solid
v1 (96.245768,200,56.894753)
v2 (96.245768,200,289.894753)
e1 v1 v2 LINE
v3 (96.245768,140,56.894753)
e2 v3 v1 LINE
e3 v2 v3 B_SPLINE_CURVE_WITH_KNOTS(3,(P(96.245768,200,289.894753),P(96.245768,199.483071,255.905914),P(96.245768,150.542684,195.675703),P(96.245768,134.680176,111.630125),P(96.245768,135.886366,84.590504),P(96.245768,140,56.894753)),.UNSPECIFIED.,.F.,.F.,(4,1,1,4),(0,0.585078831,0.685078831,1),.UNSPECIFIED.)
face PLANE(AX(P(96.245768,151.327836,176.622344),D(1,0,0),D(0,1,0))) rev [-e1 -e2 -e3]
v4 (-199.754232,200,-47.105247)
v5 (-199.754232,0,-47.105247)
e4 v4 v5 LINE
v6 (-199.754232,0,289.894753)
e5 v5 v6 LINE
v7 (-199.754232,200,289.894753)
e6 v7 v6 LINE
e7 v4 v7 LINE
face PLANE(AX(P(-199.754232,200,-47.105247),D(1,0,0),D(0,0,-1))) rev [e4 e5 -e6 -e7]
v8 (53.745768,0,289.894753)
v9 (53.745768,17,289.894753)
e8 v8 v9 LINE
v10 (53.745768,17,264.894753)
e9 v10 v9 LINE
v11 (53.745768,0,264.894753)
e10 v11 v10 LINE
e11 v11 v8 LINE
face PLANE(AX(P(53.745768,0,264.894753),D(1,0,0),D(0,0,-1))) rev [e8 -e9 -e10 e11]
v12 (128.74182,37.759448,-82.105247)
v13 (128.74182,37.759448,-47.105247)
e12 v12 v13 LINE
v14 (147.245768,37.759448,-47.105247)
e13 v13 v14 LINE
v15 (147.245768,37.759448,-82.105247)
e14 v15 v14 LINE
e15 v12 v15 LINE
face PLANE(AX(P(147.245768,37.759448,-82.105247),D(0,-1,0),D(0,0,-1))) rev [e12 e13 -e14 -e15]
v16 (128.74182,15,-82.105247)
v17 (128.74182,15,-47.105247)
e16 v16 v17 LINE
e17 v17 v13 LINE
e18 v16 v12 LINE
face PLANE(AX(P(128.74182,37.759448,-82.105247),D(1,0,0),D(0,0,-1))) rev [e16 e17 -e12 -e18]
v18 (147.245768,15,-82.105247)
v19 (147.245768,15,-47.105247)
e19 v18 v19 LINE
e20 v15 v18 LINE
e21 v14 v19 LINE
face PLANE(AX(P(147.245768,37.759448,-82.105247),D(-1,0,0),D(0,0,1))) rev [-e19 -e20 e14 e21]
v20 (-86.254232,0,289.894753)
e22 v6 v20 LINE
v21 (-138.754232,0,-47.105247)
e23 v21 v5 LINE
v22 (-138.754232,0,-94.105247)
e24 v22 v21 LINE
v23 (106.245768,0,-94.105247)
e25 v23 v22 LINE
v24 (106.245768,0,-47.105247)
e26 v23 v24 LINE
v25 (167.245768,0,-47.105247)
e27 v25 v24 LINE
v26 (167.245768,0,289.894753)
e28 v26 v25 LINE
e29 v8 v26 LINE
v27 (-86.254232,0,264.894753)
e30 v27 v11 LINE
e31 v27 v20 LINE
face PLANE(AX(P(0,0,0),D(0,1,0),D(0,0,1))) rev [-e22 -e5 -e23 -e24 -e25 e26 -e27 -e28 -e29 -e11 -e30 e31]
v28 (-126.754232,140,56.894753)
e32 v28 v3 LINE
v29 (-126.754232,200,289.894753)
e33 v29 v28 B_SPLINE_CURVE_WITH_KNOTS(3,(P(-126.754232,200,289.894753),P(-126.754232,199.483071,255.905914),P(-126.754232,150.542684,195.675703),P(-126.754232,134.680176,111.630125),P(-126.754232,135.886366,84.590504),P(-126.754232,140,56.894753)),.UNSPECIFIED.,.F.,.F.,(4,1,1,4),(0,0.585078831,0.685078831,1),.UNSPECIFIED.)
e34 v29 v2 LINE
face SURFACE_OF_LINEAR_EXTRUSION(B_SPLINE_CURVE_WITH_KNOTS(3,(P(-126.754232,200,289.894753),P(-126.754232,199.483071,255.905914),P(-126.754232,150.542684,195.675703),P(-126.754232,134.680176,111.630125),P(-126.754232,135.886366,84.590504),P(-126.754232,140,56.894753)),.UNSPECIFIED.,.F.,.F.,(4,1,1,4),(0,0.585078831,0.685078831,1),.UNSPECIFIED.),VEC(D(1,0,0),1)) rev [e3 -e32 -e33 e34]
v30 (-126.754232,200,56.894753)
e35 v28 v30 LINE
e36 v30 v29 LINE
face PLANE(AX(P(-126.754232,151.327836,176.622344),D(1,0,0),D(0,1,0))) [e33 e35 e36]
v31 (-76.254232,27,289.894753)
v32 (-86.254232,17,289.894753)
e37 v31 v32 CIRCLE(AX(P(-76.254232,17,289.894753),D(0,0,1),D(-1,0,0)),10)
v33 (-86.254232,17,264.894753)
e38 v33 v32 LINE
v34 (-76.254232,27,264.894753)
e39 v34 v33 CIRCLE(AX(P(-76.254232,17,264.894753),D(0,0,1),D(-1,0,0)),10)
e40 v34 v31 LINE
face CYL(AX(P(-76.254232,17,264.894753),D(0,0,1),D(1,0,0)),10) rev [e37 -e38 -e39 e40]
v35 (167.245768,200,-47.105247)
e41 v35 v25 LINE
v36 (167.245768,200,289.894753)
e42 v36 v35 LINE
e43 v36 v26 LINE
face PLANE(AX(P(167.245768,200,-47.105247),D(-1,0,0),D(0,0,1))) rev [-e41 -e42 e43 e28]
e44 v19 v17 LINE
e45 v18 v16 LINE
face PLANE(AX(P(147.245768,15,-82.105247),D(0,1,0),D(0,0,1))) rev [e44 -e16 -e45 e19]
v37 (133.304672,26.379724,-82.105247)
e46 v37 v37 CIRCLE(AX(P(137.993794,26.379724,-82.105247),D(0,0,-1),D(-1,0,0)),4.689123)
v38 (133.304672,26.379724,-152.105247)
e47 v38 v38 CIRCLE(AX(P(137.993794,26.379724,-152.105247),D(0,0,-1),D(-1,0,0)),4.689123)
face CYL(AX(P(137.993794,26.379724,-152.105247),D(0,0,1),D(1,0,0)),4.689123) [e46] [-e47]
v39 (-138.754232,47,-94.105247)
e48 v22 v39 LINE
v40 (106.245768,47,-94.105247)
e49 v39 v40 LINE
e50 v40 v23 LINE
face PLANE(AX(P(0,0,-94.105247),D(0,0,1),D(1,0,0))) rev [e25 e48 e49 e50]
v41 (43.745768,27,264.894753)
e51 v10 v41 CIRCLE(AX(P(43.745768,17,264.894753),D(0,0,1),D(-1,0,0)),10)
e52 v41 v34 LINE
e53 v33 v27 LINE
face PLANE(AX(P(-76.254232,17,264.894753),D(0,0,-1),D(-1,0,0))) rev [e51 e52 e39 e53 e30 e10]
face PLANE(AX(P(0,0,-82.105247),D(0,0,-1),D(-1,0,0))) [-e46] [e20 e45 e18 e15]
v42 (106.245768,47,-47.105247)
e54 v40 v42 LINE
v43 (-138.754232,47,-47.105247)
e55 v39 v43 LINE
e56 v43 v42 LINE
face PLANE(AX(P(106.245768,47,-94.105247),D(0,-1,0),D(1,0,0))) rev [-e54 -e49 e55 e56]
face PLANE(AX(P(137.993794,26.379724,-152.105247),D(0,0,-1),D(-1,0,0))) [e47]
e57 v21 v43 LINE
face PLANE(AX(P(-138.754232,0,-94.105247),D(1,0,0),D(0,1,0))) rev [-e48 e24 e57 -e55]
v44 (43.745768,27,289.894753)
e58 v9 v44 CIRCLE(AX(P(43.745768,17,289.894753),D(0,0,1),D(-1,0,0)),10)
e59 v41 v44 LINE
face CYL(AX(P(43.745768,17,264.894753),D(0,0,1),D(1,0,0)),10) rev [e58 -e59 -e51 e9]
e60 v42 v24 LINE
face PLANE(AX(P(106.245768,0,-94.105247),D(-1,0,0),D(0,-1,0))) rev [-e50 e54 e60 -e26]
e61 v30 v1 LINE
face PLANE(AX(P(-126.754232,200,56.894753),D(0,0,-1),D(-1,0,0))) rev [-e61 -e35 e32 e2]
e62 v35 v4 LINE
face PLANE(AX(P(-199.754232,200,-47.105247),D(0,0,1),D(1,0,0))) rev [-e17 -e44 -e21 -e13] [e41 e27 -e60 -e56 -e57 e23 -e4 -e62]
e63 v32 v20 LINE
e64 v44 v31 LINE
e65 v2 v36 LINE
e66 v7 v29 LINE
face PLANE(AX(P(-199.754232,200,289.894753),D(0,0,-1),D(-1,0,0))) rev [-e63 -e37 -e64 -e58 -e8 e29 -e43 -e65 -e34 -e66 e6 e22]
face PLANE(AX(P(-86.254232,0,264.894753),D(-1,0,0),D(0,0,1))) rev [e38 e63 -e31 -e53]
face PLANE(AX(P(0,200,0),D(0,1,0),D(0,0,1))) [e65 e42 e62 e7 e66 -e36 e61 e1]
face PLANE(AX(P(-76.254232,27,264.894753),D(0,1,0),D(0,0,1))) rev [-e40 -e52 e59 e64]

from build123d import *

# Parameters (mm, degrees)
SKETCH_1_W          = 367
SKETCH_1_H          = 337
EXTRUDE_1_DEPTH     = 200
SKETCH_2_W          = 245
SKETCH_2_H          = 47
EXTRUDE_2_DEPTH     = 47
SKETCH_3_W          = 18.503948035
SKETCH_3_H          = 22.759447516
EXTRUDE_3_DEPTH     = 35
SKETCH_4_R          = 4.689122638
EXTRUDE_4_DEPTH     = 70
CUT_EXTRUDE_1_DEPTH = 25
CUT_EXTRUDE_2_DEPTH = 223


with BuildPart() as part:
    # Эскиз1 → Бобышка-Вытянуть1 (new body)
    with BuildSketch(Plane(origin=(0, 0, 0), x_dir=(1, 0, 0), z_dir=(0, 1, 0))):
        with Locations((-16.254231815, -121.394753304)):
            Rectangle(SKETCH_1_W, SKETCH_1_H)
    extrude(amount=EXTRUDE_1_DEPTH)

    # Эскиз2 → Бобышка-Вытянуть2 (add)
    with BuildSketch(Plane(origin=(0, 0, -47.105246696), x_dir=(-1, 0, 0), z_dir=(0, 0, -1))):
        with Locations((16.254231815, 23.5)):
            Rectangle(SKETCH_2_W, SKETCH_2_H)
    extrude(amount=EXTRUDE_2_DEPTH)

    # Эскиз3 → Бобышка-Вытянуть3 (add)
    with BuildSketch(Plane(origin=(0, 0, -47.105246696), x_dir=(-1, 0, 0), z_dir=(0, 0, -1))):
        with Locations((-137.993794167, 26.379723758)):
            Rectangle(SKETCH_3_W, SKETCH_3_H)
    extrude(amount=EXTRUDE_3_DEPTH)

    # Эскиз4 → Бобышка-Вытянуть4 (add)
    with BuildSketch(Plane(origin=(0, 0, -82.105246696), x_dir=(-1, 0, 0), z_dir=(0, 0, -1))):
        with Locations((-137.993794168, 26.379723758)):
            Circle(SKETCH_4_R)
    extrude(amount=EXTRUDE_4_DEPTH)

    # Эскиз5 → Вырез-Вытянуть1 (cut)
    with BuildSketch(Plane.XY.offset(289.894753304)):
        with BuildLine():
            Line((-86.254231815, 0), (53.745768185, 0))
            Line((53.745768185, 0), (53.745768185, 17))
            ThreePointArc((53.745768185, 17), (50.816835997, 24.071067812), (43.745768185, 27))
            Line((43.745768185, 27), (-76.254231815, 27))
            ThreePointArc((-76.254231815, 27), (-83.325299626, 24.071067812), (-86.254231815, 17))
            Line((-86.254231815, 17), (-86.254231815, 0))
        make_face()
    extrude(amount=-CUT_EXTRUDE_1_DEPTH, mode=Mode.SUBTRACT)

    # Эскиз6 → Вырез-Вытянуть2 (cut)
    with BuildSketch(Plane(origin=(96.245768185, 0, 0), x_dir=(0, 0, -1), z_dir=(1, 0, 0))):
        with BuildLine():
            Line((-289.894753304, 200), (-56.894753304, 200))
            Line((-56.894753304, 200), (-56.894753304, 140))
            add(Edge.make_bspline(
                [(-289.894753304, 200), (-255.905913973, 199.483070544), (-195.675702754, 150.542684271), (-111.630124679, 134.680175733), (-84.590503935, 135.886366382), (-56.894753304, 140)],
                knots=[0, 0, 0, 0, 0.585078831, 0.685078831, 1, 1, 1, 1], degree=3))
        make_face()
    extrude(amount=-CUT_EXTRUDE_2_DEPTH, mode=Mode.SUBTRACT)


solid = part.part
